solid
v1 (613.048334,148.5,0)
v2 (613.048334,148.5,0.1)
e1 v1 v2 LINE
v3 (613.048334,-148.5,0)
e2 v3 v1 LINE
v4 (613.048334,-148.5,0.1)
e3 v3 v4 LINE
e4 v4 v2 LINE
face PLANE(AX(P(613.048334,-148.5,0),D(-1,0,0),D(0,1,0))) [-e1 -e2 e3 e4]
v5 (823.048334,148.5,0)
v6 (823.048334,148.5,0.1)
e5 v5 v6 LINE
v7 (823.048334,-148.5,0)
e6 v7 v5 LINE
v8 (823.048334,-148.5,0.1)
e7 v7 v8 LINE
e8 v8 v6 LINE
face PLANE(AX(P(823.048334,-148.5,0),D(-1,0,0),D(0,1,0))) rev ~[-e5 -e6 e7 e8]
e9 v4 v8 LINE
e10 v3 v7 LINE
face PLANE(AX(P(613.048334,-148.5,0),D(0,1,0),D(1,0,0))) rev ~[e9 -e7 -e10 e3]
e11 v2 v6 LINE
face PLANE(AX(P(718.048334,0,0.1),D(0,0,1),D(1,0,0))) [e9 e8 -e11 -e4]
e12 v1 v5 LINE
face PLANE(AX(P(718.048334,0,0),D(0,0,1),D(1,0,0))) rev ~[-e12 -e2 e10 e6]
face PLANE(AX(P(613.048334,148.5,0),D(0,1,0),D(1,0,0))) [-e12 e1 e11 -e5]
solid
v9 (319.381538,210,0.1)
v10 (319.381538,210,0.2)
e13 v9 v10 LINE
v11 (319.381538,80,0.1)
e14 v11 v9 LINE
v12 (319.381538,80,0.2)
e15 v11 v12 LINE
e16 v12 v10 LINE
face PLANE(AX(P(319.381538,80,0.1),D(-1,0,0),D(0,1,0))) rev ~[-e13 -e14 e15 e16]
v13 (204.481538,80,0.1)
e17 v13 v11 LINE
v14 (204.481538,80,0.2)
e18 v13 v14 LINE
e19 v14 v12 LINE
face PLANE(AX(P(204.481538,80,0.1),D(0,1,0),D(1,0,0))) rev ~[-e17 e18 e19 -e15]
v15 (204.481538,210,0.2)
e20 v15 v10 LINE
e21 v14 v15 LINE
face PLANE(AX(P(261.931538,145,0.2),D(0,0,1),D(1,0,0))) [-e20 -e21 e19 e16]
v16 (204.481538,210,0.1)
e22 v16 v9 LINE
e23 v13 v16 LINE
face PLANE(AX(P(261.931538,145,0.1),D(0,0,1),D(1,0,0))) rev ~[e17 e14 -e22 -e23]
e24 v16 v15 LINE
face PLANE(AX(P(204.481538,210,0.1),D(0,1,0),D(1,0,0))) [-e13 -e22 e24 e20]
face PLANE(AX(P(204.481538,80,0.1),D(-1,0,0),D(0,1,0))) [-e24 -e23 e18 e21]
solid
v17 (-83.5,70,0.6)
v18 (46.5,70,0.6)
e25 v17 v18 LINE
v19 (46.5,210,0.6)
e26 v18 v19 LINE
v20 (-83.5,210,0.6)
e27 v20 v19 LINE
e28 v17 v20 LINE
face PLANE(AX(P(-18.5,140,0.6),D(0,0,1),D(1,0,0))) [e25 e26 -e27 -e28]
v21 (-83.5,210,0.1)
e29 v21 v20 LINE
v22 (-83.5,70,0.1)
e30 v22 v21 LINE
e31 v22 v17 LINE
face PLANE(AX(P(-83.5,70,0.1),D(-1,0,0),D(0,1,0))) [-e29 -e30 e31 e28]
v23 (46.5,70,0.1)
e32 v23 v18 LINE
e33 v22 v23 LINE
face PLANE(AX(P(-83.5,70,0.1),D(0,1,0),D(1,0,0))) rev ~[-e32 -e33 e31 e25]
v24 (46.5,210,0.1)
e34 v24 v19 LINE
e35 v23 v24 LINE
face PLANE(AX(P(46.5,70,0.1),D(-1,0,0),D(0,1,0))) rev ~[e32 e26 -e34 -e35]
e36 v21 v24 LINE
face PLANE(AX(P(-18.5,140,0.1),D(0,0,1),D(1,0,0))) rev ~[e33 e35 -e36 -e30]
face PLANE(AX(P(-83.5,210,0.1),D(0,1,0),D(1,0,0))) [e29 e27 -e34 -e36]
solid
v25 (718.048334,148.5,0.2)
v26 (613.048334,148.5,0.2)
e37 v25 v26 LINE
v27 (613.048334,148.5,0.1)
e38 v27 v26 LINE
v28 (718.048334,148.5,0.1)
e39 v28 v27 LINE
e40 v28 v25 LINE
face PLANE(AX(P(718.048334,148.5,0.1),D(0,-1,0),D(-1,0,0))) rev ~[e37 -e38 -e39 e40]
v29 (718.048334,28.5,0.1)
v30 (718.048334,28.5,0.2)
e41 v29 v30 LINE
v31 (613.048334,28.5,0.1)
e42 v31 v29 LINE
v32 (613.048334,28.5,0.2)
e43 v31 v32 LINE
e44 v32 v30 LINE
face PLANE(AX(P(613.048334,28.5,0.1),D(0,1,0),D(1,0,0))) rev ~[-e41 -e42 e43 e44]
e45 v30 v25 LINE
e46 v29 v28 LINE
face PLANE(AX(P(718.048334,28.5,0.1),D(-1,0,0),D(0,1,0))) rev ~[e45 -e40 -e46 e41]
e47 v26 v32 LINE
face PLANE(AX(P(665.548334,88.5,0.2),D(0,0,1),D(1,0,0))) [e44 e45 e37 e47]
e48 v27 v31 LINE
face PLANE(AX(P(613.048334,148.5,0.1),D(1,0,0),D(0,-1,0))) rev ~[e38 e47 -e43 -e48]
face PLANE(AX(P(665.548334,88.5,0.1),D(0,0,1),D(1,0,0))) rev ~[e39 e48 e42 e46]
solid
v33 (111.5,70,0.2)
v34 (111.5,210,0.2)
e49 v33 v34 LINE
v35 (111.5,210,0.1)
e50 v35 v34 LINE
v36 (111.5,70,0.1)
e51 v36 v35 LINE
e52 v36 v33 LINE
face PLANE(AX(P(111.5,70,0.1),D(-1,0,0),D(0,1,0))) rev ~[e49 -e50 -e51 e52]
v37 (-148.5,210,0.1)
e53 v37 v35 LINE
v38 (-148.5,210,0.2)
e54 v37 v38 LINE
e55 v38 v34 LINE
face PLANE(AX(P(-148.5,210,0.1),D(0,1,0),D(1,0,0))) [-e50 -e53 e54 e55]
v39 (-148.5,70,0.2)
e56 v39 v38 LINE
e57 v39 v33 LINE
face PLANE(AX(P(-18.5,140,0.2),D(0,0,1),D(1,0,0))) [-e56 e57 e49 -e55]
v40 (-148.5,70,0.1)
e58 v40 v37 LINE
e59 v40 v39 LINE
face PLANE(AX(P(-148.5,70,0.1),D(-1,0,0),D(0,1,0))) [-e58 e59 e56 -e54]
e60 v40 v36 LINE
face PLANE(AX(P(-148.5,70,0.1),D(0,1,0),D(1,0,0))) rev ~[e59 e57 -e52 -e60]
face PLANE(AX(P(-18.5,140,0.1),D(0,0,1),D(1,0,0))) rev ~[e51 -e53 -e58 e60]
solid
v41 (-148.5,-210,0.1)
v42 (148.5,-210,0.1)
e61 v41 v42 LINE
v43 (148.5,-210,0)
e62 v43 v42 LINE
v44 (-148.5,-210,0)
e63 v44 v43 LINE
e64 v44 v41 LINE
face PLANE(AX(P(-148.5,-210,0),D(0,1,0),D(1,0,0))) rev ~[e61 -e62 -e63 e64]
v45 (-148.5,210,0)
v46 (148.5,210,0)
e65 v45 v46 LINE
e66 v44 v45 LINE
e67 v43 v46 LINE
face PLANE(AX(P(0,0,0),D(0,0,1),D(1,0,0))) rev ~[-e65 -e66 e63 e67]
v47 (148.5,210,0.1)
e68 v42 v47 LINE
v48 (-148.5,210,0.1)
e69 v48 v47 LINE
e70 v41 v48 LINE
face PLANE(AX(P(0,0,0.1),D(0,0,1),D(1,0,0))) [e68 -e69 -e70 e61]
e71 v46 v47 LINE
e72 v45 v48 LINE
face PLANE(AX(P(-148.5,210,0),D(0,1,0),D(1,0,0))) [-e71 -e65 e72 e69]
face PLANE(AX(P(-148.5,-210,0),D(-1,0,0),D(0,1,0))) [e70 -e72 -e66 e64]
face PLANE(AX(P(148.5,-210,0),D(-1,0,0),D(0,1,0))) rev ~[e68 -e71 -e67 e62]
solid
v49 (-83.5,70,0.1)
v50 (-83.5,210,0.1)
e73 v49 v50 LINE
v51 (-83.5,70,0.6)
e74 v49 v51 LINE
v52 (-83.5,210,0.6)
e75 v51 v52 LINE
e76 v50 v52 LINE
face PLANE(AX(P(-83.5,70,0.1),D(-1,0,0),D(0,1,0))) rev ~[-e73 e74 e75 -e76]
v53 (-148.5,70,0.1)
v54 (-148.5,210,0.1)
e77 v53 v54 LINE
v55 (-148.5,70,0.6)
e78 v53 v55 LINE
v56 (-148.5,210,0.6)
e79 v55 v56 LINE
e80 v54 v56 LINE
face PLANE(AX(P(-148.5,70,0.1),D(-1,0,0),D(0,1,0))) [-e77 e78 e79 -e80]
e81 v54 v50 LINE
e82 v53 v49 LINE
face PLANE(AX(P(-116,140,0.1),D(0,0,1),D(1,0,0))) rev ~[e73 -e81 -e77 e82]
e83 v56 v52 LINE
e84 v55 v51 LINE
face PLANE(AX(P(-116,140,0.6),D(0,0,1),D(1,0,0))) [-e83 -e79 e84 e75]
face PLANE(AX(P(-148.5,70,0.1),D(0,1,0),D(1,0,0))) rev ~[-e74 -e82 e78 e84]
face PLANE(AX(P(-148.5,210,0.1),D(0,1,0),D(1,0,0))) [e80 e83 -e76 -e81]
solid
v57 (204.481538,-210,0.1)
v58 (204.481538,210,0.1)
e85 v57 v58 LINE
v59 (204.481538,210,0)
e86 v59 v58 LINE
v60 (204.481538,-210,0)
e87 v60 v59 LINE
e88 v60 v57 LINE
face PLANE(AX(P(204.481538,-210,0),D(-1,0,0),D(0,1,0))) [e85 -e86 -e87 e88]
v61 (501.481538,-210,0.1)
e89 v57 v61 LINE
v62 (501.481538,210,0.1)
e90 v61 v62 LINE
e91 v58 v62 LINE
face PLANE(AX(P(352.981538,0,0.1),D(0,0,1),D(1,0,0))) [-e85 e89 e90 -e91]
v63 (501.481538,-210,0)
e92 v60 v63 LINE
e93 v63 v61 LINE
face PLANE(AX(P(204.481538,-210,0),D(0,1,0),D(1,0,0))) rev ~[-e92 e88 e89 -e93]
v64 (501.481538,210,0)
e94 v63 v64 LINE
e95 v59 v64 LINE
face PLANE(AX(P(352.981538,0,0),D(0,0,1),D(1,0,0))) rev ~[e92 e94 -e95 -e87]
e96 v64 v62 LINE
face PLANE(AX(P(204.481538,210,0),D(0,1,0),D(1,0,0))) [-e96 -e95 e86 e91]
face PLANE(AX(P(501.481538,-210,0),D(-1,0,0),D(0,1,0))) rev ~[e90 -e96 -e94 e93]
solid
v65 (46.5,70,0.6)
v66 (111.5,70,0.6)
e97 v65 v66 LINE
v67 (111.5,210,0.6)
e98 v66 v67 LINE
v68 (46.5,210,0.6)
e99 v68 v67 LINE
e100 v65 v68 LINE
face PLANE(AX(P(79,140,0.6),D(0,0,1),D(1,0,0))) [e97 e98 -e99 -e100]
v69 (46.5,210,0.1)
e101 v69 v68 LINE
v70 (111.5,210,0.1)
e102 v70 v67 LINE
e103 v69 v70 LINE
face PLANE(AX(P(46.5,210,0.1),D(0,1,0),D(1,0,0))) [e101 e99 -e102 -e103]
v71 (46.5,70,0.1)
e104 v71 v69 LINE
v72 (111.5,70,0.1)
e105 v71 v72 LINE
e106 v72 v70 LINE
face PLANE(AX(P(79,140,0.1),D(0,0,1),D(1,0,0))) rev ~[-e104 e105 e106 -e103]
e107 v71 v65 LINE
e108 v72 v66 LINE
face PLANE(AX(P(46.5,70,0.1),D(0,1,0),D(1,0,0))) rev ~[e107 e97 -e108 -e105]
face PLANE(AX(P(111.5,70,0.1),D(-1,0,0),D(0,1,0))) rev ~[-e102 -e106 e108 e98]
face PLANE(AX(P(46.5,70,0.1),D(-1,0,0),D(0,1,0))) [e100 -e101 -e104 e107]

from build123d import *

# Parameters (mm, degrees)
F0_W     = 297
F0_H     = 420
F0_W_2   = 210
F0_H_2   = 297
F1_DEPTH = 0.1
F2_W     = 260
F2_H     = 140
F3_DEPTH = 0.1
F4_W     = 65
F4_H     = 140
F5_DEPTH = 0.5
F4_W_2   = 130
F6_DEPTH = 0.5
F7_DEPTH = 0.5
F2_W_2   = 114.9
F2_H_2   = 130
F8_DEPTH = 0.1
F9_DEPTH = 0.1


with BuildPart() as f1:
    # F0 (on Top) → F1 (new body)
    with BuildSketch(Plane.XY):
        Rectangle(F0_W, F0_H)
        with Locations((352.981538, 0)):
            Rectangle(F0_W, F0_H)
        with Locations((718.048334, 0)):
            Rectangle(F0_W_2, F0_H_2)
    extrude(amount=F1_DEPTH)


with BuildPart() as f3:
    # F2 (on face) → F3 (new body)
    with BuildSketch(Plane.XY.offset(0.1)):
        with Locations((-18.5, 140)):
            Rectangle(F2_W, F2_H)
    extrude(amount=F3_DEPTH)


with BuildPart() as f5:
    # F4 (on face) → F5 (new body)
    with BuildSketch(Plane.XY.offset(0.1)):
        with Locations((-116, 140)):
            Rectangle(F4_W, F4_H)
    extrude(amount=F5_DEPTH)


with BuildPart() as f6:
    # F4 (on face) → F6 (new body)
    with BuildSketch(Plane.XY.offset(0.1)):
        with Locations((-18.5, 140)):
            Rectangle(F4_W_2, F4_H)
    extrude(amount=F6_DEPTH)


with BuildPart() as f7:
    # F4 (on face) → F7 (new body)
    with BuildSketch(Plane.XY.offset(0.1)):
        with Locations((79, 140)):
            Rectangle(F4_W, F4_H)
    extrude(amount=F7_DEPTH)


with BuildPart() as f8:
    # F2 (on face) → F8 (new body)
    with BuildSketch(Plane.XY.offset(0.1)):
        with Locations((261.931538, 145)):
            Rectangle(F2_W_2, F2_H_2)
    extrude(amount=F8_DEPTH)


with BuildPart() as f9:
    # F4 (on face) → F9 (new body)
    with BuildSketch(Plane.XY.offset(0.1)):
        Polygon((718.048334, 148.5), (613.048334, 148.5), (613.048334, 28.5), (718.000201, 28.5), (718.048334, 28.5), align=None)
    extrude(amount=F9_DEPTH)


solid = Compound([f1.part, f3.part, f5.part, f6.part, f7.part, f8.part, f9.part])
